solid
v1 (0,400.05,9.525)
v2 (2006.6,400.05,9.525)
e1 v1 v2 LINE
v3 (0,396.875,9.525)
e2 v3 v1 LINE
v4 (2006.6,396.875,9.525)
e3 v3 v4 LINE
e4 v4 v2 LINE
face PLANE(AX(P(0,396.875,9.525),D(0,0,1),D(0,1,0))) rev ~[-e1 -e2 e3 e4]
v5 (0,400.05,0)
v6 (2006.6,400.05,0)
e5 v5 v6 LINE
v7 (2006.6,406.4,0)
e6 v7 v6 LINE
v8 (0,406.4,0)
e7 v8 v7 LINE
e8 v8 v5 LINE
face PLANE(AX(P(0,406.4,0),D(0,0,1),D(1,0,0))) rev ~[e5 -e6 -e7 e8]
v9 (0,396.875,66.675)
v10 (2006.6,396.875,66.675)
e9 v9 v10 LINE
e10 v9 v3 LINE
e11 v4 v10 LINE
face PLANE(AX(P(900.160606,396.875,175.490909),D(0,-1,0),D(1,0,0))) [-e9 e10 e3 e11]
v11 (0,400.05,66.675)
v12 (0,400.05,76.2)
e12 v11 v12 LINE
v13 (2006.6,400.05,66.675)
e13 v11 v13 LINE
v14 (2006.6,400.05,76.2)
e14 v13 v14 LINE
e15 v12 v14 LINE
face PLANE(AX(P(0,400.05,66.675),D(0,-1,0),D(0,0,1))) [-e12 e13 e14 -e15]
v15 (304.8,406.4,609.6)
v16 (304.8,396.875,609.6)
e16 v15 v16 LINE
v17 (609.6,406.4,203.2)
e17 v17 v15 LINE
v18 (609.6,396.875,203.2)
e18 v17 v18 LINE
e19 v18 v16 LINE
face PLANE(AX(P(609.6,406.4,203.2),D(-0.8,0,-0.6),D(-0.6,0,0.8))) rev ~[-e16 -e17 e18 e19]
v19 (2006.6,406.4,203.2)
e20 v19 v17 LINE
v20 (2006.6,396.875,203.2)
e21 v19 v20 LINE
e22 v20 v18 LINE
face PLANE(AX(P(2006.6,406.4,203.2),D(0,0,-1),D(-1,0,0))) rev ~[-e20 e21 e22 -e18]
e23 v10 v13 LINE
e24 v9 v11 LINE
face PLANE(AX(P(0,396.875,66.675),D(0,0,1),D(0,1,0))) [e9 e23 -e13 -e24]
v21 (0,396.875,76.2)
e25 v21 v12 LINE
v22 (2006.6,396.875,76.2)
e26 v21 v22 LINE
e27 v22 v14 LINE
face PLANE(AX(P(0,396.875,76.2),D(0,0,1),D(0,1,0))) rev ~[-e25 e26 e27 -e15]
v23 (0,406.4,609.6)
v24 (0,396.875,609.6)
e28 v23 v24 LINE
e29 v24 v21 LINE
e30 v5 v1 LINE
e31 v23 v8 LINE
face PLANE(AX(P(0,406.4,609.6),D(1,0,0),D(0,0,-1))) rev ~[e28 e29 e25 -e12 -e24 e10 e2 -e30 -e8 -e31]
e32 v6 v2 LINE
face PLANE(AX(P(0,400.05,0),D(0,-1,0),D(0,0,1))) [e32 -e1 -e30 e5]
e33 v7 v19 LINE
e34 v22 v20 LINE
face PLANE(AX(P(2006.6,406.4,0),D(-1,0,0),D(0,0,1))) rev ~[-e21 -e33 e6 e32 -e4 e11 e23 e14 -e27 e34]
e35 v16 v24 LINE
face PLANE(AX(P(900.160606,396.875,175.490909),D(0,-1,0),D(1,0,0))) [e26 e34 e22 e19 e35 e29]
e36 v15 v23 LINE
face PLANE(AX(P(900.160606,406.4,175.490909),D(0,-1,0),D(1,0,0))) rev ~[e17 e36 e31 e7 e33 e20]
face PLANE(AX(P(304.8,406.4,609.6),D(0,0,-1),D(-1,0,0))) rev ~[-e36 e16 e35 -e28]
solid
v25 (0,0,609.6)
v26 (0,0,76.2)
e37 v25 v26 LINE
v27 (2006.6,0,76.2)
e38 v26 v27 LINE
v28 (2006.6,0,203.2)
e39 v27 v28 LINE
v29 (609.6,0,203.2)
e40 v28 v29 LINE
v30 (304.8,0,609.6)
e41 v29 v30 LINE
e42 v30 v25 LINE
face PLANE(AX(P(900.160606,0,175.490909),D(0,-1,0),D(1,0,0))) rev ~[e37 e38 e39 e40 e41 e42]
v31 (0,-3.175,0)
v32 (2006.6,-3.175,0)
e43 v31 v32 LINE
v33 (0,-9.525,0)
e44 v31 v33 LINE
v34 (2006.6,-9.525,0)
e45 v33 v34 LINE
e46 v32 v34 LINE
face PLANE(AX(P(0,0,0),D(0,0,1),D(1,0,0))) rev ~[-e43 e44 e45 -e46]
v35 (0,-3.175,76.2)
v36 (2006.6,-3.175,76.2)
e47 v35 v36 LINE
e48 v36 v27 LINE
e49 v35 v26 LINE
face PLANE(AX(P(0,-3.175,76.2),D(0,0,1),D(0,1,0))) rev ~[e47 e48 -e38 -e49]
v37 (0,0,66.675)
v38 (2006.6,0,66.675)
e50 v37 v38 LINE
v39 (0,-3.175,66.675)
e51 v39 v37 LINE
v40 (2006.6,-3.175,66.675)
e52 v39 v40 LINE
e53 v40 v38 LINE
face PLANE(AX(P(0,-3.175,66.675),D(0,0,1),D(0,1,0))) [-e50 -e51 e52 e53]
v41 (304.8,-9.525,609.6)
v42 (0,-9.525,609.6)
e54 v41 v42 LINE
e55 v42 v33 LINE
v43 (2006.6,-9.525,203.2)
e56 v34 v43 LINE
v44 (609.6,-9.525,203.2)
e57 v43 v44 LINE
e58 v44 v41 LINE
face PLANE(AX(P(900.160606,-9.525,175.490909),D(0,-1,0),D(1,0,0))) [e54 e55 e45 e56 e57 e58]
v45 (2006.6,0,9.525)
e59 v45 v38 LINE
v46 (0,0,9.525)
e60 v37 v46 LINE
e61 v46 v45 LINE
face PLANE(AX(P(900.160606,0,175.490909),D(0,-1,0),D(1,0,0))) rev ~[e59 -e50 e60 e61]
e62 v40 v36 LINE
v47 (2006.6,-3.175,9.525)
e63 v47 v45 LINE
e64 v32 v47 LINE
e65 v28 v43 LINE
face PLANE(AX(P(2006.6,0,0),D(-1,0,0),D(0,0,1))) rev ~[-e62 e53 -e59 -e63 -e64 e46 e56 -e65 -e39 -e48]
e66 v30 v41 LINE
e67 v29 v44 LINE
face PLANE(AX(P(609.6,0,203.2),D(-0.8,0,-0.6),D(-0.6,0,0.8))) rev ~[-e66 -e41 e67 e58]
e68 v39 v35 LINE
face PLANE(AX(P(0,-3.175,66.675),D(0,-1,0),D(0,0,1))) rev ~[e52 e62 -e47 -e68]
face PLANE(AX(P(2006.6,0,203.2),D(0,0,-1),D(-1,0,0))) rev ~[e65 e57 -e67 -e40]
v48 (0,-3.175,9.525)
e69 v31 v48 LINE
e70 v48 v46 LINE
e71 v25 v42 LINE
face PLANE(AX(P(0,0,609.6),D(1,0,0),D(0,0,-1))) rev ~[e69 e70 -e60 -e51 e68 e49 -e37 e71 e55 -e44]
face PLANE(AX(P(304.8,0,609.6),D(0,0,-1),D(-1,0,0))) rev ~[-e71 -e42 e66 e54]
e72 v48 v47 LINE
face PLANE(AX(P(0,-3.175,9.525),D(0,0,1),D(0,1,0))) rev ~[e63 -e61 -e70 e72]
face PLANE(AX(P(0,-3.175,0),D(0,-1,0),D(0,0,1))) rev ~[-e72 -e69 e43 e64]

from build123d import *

# Parameters (mm, degrees)
F1_DEPTH  = 9.525
F2_W      = 3.175
F2_H      = 9.525
F7_DEPTH  = 2006.601
F3_W      = 3.175
F3_H      = 9.525
F8_DEPTH  = 2006.601
F9_W      = 3.175
F9_H      = 9.525
F10_DEPTH = 2006.601
F11_W     = 3.175
F11_H     = 9.525
F12_DEPTH = 2006.601


with BuildPart() as f1:
    # F0 (on Front) → F1 (new body)
    with BuildSketch(Plane.XZ):
        Polygon((0, 609.6), (0, 0), (2006.6, 0), (2006.6, 203.2), (609.6, 203.2), (304.8, 609.6), align=None)
    extrude(amount=F1_DEPTH)


with BuildPart() as f4_1:
    # F4: copy of F1
    add(f1.part.moved(Location((0, 628.15571, 0))))


with BuildPart() as f6_1:
    # F6: copy of F1
    add(f1.part.moved(Location((0, 406.4, 0))))

    # F9 (on Right) → F10 (cut, through all)
    with BuildSketch(Plane.YZ):
        with Locations((398.4625, 4.7625)):
            Rectangle(F9_W, F9_H)
    extrude(amount=F10_DEPTH, mode=Mode.SUBTRACT)

    # F11 (on Right) → F12 (cut, through all)
    with BuildSketch(Plane.YZ):
        with Locations((398.4625, 71.4375)):
            Rectangle(F11_W, F11_H)
    extrude(amount=F12_DEPTH, mode=Mode.SUBTRACT)


with BuildPart() as f1_1:
    add(f1.part)

    # F2 (on Right) → F7 (cut, through all)
    with BuildSketch(Plane.YZ):
        with Locations((-1.5875, 4.7625)):
            Rectangle(F2_W, F2_H)
    extrude(amount=F7_DEPTH, mode=Mode.SUBTRACT)

    # F3 (on Right) → F8 (cut, through all)
    with BuildSketch(Plane.YZ):
        with Locations((-1.5875, 71.4375)):
            Rectangle(F3_W, F3_H)
    extrude(amount=F8_DEPTH, mode=Mode.SUBTRACT)


solid = Compound([f6_1.part, f1_1.part])
